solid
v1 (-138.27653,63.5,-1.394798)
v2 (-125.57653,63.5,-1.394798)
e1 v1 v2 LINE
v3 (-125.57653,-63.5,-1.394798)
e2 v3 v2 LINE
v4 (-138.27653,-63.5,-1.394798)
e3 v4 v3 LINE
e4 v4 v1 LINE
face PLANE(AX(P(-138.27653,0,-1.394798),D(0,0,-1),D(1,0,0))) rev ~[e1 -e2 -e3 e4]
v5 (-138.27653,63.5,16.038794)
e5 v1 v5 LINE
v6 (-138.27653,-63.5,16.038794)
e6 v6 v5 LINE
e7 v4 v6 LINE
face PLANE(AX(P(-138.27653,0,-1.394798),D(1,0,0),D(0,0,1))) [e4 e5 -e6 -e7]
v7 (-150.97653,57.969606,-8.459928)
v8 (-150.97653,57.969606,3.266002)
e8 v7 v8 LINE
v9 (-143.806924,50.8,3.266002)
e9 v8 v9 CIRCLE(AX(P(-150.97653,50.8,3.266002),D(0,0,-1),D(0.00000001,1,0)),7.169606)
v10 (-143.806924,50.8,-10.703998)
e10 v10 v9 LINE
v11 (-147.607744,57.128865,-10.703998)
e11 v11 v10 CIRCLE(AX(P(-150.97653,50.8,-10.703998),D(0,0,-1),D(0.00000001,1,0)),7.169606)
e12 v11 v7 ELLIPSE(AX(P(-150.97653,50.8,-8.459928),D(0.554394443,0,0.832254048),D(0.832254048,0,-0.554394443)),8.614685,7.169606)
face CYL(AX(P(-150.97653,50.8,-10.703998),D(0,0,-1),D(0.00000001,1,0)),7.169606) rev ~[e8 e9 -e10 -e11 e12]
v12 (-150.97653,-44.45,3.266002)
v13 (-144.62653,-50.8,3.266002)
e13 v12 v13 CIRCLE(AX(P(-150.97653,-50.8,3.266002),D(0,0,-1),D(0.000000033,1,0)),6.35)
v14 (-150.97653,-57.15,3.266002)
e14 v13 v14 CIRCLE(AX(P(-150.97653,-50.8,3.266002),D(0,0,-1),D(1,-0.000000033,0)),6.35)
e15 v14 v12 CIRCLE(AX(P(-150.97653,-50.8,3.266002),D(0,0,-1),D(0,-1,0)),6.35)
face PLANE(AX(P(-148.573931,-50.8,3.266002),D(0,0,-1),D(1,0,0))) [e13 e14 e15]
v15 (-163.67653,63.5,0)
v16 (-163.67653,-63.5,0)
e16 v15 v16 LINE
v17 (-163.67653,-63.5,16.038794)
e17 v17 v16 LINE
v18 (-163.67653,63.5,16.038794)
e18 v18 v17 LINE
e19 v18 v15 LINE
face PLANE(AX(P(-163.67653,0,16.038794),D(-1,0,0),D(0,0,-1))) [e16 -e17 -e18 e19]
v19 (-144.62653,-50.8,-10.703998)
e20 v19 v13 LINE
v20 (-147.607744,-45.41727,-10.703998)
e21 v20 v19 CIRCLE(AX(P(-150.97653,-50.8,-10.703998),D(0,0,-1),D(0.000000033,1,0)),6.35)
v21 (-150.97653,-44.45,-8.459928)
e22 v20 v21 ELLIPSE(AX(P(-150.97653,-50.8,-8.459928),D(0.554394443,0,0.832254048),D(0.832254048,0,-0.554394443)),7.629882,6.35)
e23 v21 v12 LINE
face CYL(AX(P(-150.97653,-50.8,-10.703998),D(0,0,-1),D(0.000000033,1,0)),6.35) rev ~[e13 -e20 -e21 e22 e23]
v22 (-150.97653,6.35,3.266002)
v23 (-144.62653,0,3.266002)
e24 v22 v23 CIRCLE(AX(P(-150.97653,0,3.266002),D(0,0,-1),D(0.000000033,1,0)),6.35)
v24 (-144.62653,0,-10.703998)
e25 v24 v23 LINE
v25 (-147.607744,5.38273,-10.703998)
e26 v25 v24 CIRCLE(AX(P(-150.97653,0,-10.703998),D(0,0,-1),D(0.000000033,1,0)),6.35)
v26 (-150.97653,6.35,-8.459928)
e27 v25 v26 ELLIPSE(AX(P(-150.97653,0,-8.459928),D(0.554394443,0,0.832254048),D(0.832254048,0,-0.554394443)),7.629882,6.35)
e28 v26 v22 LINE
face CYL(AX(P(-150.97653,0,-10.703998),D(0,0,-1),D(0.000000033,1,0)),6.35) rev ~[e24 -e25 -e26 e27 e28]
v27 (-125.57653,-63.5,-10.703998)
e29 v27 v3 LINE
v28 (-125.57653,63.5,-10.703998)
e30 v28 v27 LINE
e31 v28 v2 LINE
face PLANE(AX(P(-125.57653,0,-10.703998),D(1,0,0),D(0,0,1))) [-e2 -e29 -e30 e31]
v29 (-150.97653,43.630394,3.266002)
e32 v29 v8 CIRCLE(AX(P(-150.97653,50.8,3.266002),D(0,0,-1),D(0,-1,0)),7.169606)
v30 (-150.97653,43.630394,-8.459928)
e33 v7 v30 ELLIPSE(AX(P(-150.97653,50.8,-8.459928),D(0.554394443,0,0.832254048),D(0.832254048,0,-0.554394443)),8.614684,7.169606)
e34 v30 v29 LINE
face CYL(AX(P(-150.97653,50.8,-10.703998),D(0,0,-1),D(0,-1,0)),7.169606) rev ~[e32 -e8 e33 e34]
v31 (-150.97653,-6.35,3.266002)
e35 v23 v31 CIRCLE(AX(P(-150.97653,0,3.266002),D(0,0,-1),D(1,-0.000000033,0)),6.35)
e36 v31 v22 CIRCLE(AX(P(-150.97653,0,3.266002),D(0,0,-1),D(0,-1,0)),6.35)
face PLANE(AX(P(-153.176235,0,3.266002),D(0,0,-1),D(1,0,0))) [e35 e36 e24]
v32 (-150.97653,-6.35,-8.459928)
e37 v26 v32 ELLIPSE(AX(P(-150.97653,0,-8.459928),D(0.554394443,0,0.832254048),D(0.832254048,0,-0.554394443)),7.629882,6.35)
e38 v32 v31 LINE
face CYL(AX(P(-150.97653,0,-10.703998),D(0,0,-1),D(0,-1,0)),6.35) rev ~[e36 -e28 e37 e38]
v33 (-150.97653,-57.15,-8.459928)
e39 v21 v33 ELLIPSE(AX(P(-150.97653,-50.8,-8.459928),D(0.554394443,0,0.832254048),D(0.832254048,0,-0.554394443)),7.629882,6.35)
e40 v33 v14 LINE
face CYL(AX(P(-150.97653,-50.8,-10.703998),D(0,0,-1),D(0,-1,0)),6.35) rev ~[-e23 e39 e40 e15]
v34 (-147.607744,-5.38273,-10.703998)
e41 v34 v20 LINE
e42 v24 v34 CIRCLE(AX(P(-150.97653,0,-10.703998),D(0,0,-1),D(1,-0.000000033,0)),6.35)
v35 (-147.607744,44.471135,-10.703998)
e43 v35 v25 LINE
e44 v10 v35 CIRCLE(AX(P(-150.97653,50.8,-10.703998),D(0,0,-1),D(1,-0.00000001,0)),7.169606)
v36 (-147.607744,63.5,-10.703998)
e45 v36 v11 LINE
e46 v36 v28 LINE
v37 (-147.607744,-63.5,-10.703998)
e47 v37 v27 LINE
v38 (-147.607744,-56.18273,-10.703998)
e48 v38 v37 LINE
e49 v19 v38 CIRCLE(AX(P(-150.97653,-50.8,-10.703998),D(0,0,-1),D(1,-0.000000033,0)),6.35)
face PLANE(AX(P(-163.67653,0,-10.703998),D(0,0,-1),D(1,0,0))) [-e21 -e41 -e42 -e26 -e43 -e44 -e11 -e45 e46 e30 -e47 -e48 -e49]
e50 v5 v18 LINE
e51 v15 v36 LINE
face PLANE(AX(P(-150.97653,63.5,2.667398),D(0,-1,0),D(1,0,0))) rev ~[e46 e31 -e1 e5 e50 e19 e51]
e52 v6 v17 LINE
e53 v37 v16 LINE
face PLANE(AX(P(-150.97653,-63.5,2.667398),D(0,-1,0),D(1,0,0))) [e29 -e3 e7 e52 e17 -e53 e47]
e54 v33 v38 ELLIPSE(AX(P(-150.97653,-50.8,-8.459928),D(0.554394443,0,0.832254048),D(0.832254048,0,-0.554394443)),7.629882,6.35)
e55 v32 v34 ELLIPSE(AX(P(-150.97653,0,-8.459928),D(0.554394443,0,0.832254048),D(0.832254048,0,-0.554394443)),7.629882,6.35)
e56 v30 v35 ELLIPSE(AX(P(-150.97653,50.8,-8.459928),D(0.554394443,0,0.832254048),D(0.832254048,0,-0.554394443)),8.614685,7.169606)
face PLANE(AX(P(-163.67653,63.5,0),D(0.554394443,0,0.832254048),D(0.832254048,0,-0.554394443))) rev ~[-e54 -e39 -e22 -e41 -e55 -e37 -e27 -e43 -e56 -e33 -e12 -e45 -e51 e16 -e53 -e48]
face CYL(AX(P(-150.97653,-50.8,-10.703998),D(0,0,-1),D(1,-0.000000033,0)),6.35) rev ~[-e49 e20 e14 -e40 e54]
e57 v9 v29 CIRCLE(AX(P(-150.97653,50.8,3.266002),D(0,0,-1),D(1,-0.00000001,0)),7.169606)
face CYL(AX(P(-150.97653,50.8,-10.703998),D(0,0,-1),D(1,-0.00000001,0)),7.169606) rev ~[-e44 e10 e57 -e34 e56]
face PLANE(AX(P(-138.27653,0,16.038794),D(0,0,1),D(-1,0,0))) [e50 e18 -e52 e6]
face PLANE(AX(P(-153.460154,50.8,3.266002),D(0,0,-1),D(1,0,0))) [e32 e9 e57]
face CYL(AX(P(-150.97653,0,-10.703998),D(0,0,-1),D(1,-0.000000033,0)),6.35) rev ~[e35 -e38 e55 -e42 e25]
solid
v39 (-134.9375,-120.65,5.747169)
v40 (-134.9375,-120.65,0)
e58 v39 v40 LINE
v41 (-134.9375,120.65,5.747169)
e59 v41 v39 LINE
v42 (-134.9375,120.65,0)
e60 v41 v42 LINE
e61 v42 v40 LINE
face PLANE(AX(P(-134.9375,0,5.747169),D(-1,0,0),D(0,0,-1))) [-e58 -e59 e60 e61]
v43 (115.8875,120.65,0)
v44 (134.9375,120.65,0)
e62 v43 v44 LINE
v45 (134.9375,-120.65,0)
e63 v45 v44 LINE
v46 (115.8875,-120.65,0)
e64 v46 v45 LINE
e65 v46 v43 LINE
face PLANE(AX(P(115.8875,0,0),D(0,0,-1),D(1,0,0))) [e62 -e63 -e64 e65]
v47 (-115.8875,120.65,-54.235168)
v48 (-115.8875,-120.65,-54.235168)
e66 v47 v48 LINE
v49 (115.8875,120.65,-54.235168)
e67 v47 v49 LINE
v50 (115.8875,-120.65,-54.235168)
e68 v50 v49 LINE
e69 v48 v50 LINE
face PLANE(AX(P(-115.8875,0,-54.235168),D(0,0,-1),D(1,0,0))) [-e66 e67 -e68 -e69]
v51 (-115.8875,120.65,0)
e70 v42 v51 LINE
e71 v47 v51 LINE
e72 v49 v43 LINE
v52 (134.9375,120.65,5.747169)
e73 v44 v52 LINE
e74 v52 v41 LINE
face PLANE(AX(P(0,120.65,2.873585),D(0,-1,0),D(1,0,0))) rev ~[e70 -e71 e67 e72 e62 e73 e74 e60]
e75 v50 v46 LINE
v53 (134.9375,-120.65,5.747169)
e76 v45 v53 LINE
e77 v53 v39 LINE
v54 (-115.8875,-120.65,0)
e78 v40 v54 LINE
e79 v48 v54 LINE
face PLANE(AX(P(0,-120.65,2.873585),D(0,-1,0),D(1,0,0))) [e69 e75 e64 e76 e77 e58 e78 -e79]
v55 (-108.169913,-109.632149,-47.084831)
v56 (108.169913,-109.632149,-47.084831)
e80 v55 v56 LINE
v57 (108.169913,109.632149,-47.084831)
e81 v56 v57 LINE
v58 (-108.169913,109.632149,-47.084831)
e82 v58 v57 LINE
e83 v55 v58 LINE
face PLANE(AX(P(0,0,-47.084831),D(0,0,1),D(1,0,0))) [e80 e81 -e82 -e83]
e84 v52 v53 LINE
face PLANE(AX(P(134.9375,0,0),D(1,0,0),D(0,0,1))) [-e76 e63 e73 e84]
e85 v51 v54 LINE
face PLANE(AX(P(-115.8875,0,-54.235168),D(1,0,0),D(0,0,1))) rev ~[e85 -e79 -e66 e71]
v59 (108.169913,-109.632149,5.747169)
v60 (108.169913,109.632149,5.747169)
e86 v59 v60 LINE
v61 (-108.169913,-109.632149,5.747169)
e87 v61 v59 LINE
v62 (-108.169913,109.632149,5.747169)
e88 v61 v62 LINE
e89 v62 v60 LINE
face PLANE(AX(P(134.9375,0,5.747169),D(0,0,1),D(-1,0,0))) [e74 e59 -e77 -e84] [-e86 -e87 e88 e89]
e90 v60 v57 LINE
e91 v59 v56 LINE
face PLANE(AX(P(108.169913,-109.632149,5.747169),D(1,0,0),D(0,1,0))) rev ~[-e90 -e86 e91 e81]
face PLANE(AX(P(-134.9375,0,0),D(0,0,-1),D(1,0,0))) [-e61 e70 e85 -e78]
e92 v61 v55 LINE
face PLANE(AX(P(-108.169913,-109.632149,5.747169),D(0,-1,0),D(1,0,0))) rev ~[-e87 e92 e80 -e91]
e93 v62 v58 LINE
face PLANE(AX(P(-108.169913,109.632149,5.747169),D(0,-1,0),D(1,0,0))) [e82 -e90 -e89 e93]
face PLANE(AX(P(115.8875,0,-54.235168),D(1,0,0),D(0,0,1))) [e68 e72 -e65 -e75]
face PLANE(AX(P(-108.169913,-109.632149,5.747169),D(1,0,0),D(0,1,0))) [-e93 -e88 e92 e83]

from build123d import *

# Parameters (mm, degrees)
F1_W      = 12.7
F1_H      = 9.3092
F2_DEPTH  = 63.5
F0_W      = 231.775
F0_H      = 54.235168
F3_DEPTH  = 120.65
F4_W      = 216.339826
F4_H      = 219.264298
F5_DEPTH  = 52.832
F8_DEPTH  = 184.151
F10_DEPTH = 13.97


with BuildPart() as f2:
    # F1 (on Front) → F2 (new body, symmetric)
    with BuildSketch(Plane.XZ):
        Polygon((-138.27653, 16.038794), (-163.67653, 16.038794), (-163.67653, -10.703998), (-138.27653, -10.703998), (-138.27653, -1.394798), align=None)
        with Locations((-131.92653, -6.049398)):
            Rectangle(F1_W, F1_H)
    extrude(amount=F2_DEPTH, both=True)

    # F7 (on face) → F8 (cut, through all)
    with BuildSketch(Plane(origin=(0, 63.5, 0), x_dir=(-1, 0, 0), z_dir=(0, 1, 0))):
        Polygon((147.607744, -10.703998), (163.67653, -10.703998), (163.67653, 0), align=None)
    extrude(amount=-F8_DEPTH, mode=Mode.SUBTRACT)

    # F9 (on face) → F10 (cut)
    with BuildSketch(Plane(origin=(0, 0, -10.703998), x_dir=(1, 0, 0), z_dir=(0, 0, -1))):
        with BuildLine():
            ThreePointArc((-150.97653, 44.45), (-146.486402, 46.309872), (-144.62653, 50.8))
            ThreePointArc((-144.62653, 50.8), (-146.486402, 55.290128), (-150.97653, 57.15))
            Line((-150.97653, 57.15), (-150.97653, 44.45))
        make_face()
        with BuildLine():
            Line((-150.97653, 44.45), (-150.97653, 57.15))
            ThreePointArc((-150.97653, 57.15), (-157.32653, 50.8), (-150.97653, 44.45))
        make_face()
        with BuildLine():
            Line((-150.97653, -6.35), (-150.97653, 6.35))
            ThreePointArc((-150.97653, 6.35), (-157.32653, 0), (-150.97653, -6.35))
        make_face()
        with BuildLine():
            ThreePointArc((-144.62653, 0), (-146.486402, 4.490128), (-150.97653, 6.35))
            Line((-150.97653, 6.35), (-150.97653, -6.35))
            ThreePointArc((-150.97653, -6.35), (-146.486402, -4.490128), (-144.62653, 0))
        make_face()
        with BuildLine():
            Line((-150.97653, -57.969606), (-150.97653, -43.630394))
            ThreePointArc((-150.97653, -43.630394), (-158.146136, -50.8), (-150.97653, -57.969606))
        make_face()
        with BuildLine():
            ThreePointArc((-143.806924, -50.8), (-145.906853, -45.730323), (-150.97653, -43.630394))
            Line((-150.97653, -43.630394), (-150.97653, -57.969606))
            ThreePointArc((-150.97653, -57.969606), (-145.906853, -55.869677), (-143.806924, -50.8))
        make_face()
    extrude(amount=-F10_DEPTH, mode=Mode.SUBTRACT)


with BuildPart() as f3:
    # F0 (on Front) → F3 (new body, symmetric)
    with BuildSketch(Plane.XZ):
        Polygon((-115.8875, 0), (115.8875, 0), (134.9375, 0), (134.9375, 5.747169), (-134.9375, 5.747169), (-134.9375, 0), align=None)
        with Locations((0, -27.117584)):
            Rectangle(F0_W, F0_H)
    extrude(amount=F3_DEPTH, both=True)

    # F4 (on face) → F5 (cut)
    with BuildSketch(Plane.XY.offset(5.747169)):
        Rectangle(F4_W, F4_H)
    extrude(amount=-F5_DEPTH, mode=Mode.SUBTRACT)


solid = Compound([f2.part, f3.part])
